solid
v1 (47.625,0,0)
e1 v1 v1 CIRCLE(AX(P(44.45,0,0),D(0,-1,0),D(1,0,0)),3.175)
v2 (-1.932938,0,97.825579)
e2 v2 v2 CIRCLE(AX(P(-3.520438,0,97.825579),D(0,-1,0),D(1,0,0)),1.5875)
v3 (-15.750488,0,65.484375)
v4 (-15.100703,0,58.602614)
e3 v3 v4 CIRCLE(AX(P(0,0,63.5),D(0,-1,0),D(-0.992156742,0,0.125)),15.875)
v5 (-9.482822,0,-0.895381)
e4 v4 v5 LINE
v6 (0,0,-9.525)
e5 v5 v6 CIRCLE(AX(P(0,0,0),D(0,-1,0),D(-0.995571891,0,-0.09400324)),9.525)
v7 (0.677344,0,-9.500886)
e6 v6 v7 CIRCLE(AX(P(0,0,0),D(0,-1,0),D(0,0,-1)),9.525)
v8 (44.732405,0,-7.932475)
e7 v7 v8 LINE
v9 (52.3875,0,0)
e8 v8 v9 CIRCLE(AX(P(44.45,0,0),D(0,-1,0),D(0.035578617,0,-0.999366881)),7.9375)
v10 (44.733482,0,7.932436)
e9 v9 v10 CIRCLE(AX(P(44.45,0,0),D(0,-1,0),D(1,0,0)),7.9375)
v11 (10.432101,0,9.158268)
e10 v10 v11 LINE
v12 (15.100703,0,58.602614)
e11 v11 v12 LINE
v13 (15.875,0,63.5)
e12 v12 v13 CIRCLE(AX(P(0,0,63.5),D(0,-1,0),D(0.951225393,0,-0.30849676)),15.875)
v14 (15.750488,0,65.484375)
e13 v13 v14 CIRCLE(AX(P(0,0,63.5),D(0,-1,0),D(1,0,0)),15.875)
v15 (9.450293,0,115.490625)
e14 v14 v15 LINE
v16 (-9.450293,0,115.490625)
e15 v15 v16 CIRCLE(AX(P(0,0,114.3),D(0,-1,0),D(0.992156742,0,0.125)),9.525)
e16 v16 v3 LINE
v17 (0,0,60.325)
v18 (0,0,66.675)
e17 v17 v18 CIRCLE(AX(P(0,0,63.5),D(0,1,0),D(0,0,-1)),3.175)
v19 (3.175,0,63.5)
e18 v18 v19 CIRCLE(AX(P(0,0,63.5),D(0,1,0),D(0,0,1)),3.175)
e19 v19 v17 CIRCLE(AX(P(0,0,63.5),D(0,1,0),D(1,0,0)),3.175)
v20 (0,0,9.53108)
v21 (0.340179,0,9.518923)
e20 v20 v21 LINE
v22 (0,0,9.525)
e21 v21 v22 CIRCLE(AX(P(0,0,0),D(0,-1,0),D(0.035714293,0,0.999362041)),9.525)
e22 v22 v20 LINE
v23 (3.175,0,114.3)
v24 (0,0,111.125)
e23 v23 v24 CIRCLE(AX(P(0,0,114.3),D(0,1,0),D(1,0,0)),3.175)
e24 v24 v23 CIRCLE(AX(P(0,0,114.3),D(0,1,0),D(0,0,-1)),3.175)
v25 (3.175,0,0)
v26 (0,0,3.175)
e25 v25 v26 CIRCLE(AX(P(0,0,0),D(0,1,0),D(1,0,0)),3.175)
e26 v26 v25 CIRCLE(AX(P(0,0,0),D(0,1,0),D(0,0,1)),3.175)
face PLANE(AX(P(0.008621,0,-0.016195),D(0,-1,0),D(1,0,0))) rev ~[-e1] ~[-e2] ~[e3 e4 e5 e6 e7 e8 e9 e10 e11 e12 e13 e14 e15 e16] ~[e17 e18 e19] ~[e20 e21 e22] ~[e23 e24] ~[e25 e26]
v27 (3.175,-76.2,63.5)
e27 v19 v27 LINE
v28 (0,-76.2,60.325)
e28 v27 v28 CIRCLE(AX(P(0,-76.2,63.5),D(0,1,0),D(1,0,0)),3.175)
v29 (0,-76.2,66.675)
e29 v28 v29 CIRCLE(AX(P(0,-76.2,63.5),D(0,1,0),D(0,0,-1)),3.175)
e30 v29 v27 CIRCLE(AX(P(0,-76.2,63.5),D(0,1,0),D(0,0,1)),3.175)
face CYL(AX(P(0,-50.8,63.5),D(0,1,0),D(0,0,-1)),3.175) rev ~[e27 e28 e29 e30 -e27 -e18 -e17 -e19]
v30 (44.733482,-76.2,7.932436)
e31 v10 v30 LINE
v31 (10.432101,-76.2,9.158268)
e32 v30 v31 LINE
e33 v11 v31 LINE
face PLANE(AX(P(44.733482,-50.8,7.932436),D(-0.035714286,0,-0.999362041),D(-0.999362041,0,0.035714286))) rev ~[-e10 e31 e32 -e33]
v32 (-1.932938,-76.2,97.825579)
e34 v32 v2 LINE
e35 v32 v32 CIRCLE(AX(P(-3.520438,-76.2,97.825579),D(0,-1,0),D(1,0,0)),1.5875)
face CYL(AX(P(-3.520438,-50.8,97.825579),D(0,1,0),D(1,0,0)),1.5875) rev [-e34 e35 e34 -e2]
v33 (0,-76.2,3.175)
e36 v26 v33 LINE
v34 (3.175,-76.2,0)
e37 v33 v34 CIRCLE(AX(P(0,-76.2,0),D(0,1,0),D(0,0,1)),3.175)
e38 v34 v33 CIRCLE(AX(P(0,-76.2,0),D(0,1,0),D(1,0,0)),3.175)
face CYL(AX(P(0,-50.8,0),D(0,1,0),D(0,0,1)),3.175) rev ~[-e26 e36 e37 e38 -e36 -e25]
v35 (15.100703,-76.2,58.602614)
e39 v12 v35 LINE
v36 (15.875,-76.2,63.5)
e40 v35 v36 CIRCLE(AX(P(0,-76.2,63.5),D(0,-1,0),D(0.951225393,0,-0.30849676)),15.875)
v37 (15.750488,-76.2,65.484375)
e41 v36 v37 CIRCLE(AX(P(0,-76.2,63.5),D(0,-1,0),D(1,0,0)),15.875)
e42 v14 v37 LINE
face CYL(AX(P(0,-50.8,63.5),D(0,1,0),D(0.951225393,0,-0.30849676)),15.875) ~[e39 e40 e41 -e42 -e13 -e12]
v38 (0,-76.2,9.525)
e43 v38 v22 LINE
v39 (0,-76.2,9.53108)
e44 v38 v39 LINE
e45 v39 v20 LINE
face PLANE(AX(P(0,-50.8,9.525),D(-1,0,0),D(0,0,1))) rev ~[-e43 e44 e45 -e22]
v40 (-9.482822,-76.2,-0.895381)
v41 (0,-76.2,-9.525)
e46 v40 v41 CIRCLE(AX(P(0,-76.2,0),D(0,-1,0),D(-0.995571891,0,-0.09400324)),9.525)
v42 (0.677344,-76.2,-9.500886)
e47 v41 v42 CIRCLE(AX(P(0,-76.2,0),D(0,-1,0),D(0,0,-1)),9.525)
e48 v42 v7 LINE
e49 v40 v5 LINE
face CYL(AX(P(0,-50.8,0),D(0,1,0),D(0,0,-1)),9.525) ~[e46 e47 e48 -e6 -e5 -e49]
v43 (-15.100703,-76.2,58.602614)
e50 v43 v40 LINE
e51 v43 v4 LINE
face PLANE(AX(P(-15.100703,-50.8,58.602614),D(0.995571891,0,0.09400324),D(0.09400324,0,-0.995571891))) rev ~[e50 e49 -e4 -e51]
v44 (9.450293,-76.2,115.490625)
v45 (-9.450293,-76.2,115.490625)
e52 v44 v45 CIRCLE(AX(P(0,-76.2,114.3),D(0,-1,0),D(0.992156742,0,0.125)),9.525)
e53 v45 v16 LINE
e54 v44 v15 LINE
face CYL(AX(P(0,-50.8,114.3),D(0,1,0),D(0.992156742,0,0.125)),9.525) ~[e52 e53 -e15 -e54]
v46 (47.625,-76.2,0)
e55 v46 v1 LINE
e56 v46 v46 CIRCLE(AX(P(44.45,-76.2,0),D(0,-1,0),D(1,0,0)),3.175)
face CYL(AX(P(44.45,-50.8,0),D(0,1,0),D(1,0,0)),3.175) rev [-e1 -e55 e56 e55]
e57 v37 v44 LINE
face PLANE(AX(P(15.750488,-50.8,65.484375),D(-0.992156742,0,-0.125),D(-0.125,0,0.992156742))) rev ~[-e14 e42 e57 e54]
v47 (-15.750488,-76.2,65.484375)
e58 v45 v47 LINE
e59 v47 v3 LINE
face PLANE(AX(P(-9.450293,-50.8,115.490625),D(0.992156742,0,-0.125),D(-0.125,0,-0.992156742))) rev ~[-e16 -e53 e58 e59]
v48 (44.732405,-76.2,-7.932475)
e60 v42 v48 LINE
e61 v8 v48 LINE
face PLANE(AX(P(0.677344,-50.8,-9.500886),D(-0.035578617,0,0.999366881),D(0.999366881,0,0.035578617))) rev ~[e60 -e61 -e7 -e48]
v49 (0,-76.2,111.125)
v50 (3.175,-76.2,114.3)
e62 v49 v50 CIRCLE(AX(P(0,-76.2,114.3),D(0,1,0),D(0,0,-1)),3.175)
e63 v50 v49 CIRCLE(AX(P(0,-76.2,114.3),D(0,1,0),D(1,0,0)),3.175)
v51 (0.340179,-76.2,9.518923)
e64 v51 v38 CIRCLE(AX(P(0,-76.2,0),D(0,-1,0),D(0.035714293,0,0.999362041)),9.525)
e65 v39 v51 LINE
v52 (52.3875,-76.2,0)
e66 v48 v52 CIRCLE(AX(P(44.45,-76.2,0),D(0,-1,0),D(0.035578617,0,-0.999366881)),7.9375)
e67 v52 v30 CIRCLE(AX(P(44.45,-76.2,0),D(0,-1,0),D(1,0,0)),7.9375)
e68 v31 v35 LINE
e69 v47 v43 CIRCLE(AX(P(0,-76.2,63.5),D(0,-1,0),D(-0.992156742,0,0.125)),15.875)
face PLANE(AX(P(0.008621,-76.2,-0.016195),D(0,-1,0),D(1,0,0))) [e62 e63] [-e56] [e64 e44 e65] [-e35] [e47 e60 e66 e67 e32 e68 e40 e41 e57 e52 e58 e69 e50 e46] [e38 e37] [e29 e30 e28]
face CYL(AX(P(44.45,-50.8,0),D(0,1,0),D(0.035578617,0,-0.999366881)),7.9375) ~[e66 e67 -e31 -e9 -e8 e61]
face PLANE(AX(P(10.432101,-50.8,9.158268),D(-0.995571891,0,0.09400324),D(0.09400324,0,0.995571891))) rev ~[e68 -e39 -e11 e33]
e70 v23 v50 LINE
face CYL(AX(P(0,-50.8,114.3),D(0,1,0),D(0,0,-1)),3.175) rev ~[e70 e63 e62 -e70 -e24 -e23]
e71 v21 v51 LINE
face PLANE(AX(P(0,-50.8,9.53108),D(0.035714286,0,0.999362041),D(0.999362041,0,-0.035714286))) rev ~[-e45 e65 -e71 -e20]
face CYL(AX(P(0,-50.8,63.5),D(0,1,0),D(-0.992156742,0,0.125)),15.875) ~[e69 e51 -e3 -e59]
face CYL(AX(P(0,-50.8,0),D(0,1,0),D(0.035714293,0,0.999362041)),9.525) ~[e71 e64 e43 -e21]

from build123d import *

# Parameters (mm, degrees)
F0_R     = 3.175
F0_R_2   = 1.5875
F1_DEPTH = 25.4
F2_DEPTH = 25.4
F3_DEPTH = 25.4


with BuildPart() as f1:
    # F0 (on Front) → F1 (new body)
    with BuildSketch(Plane.XZ):
        with BuildLine():
            ThreePointArc((0.34017864, 9.5189234419), (0.170116454, 9.5234807393), (0, 9.525))
            ThreePointArc((0, 9.525), (-7.044647886, 6.4108159514), (-9.4828222655, -0.8953808583))
            ThreePointArc((-9.4828222655, -0.8953808583), (-6.4108159514, -7.044647886), (0, -9.525))
            Line((0, -9.525), (0.6773435479, -9.500885786))
            ThreePointArc((0.6773435479, -9.500885786), (6.9705567315, -6.4912990883), (9.525, 0))
            ThreePointArc((9.525, 0), (6.8544083095, 6.6138273131), (0.34017864, 9.5189234419))
        make_face()
        with BuildLine():
            ThreePointArc((3.175, 0), (-2.2450640303, -2.2450640303), (0, 3.175))
            ThreePointArc((0, 3.175), (2.2450640303, 2.2450640303), (3.175, 0))
        make_face(mode=Mode.SUBTRACT)
        with BuildLine():
            ThreePointArc((-9.4828222655, -0.8953808583), (-7.044647886, 6.4108159514), (0, 9.525))
            Line((0, 9.525), (0, 9.5310804347))
            Line((0, 9.5310804347), (0, 47.625))
            ThreePointArc((0, 47.625), (-9.3346028611, 50.6594075516), (-15.1007031189, 58.6026139305))
            Line((-15.1007031189, 58.6026139305), (-9.4828222655, -0.8953808583))
        make_face()
        with BuildLine():
            Line((0, 47.625), (0, 9.5310804347))
            Line((0, 9.5310804347), (0.34017864, 9.5189234419))
            Line((0.34017864, 9.5189234419), (10.4321012974, 9.1582675492))
            Line((10.4321012974, 9.1582675492), (15.1007031189, 58.6026139305))
            ThreePointArc((15.1007031189, 58.6026139305), (9.3346028611, 50.6594075516), (0, 47.625))
        make_face()
        with BuildLine():
            Line((10.4321012974, 9.1582675492), (0.34017864, 9.5189234419))
            ThreePointArc((0.34017864, 9.5189234419), (6.8544083095, 6.6138273131), (9.525, 0))
            ThreePointArc((9.525, 0), (6.9705567315, -6.4912990883), (0.6773435479, -9.500885786))
            Line((0.6773435479, -9.500885786), (44.7324052746, -7.9324746146))
            ThreePointArc((44.7324052746, -7.9324746146), (36.5125000183, 0.0005387766), (44.7334821429, 7.9324362036))
            Line((44.7334821429, 7.9324362036), (10.4321012974, 9.1582675492))
        make_face()
        with BuildLine():
            ThreePointArc((-15.1007031189, 58.6026139305), (-9.3346028611, 50.6594075516), (0, 47.625))
            Line((0, 47.625), (0, 60.325))
            ThreePointArc((0, 60.325), (-3.175, 63.5), (0, 66.675))
            Line((0, 66.675), (0, 79.375))
            ThreePointArc((0, 79.375), (-10.5003255158, 75.40625), (-15.7504882737, 65.484375))
            Line((-15.7504882737, 65.484375), (-15.1007031189, 58.6026139305))
        make_face()
        with BuildLine():
            Line((0, 60.325), (0, 47.625))
            ThreePointArc((0, 47.625), (9.3346028611, 50.6594075516), (15.1007031189, 58.6026139305))
            Line((15.1007031189, 58.6026139305), (15.7504882737, 65.484375))
            ThreePointArc((15.7504882737, 65.484375), (10.5003255158, 75.40625), (0, 79.375))
            Line((0, 79.375), (0, 66.675))
            ThreePointArc((0, 66.675), (2.2450640303, 65.7450640303), (3.175, 63.5))
            ThreePointArc((3.175, 63.5), (2.2450640303, 61.2549359697), (0, 60.325))
        make_face()
        with BuildLine():
            Line((0.6773435479, -9.500885786), (0, -9.525))
            ThreePointArc((0, -9.525), (0.3388863295, -9.5189695375), (0.6773435479, -9.500885786))
        make_face()
        with BuildLine():
            ThreePointArc((-15.7504882737, 65.484375), (-15.8047037758, 62.0076985695), (-15.1007031189, 58.6026139305))
            Line((-15.1007031189, 58.6026139305), (-15.7504882737, 65.484375))
        make_face()
        with BuildLine():
            Line((15.7504882737, 65.484375), (15.1007031189, 58.6026139305))
            ThreePointArc((15.1007031189, 58.6026139305), (15.6802309775, 61.020890988), (15.875, 63.5))
            ThreePointArc((15.875, 63.5), (15.8438414904, 64.4941387366), (15.7504882737, 65.484375))
        make_face()
        with BuildLine():
            ThreePointArc((52.3875, 0), (50.1620069047, 5.5115227815), (44.7334821429, 7.9324362036))
            ThreePointArc((44.7334821429, 7.9324362036), (36.5125000183, 0.0005387766), (44.7324052746, -7.9324746146))
            ThreePointArc((44.7324052746, -7.9324746146), (50.1616327839, -5.5119104847), (52.3875, 0))
        make_face()
        with Locations((44.45, 0)):
            Circle(F0_R, mode=Mode.SUBTRACT)
        with BuildLine():
            Line((-9.4502929642, 115.490625), (-15.7504882737, 65.484375))
            ThreePointArc((-15.7504882737, 65.484375), (-10.5003255158, 75.40625), (0, 79.375))
            Line((0, 79.375), (0, 104.775))
            ThreePointArc((0, 104.775), (-7.14375, 107.9998046905), (-9.4502929642, 115.490625))
        make_face()
        with Locations((-3.5204379819, 97.8255793452)):
            Circle(F0_R_2, mode=Mode.SUBTRACT)
        with BuildLine():
            ThreePointArc((0, 79.375), (10.5003255158, 75.40625), (15.7504882737, 65.484375))
            Line((15.7504882737, 65.484375), (9.4502929642, 115.490625))
            ThreePointArc((9.4502929642, 115.490625), (9.5063048942, 114.896483242), (9.525, 114.3))
            ThreePointArc((9.525, 114.3), (6.7351920908, 107.5648079092), (0, 104.775))
            Line((0, 104.775), (0, 79.375))
        make_face()
        with BuildLine():
            ThreePointArc((9.4502929642, 115.490625), (0, 123.825), (-9.4502929642, 115.490625))
            ThreePointArc((-9.4502929642, 115.490625), (-7.14375, 107.9998046905), (0, 104.775))
            ThreePointArc((0, 104.775), (6.7351920908, 107.5648079092), (9.525, 114.3))
            ThreePointArc((9.525, 114.3), (9.5063048942, 114.896483242), (9.4502929642, 115.490625))
        make_face()
        with BuildLine():
            ThreePointArc((3.175, 114.3), (2.2450640303, 112.0549359697), (0, 111.125))
            ThreePointArc((0, 111.125), (-2.2450640303, 116.5450640303), (3.175, 114.3))
        make_face(mode=Mode.SUBTRACT)
    extrude(amount=F1_DEPTH)

    # F2 (add): a face of the model
    f2_faces = [f1.faces().sort_by_distance(p)[0] for p in [
        (5.1424381461, -25.4, 47.1936001946),
    ]]
    extrude(f2_faces, amount=F2_DEPTH)

    # F3 (add): a face of the model
    f3_faces = [f1.faces().sort_by_distance(p)[0] for p in [
        (5.1424381461, -50.8, 47.1936001946),
    ]]
    extrude(f3_faces, amount=F3_DEPTH)


solid = f1.part
